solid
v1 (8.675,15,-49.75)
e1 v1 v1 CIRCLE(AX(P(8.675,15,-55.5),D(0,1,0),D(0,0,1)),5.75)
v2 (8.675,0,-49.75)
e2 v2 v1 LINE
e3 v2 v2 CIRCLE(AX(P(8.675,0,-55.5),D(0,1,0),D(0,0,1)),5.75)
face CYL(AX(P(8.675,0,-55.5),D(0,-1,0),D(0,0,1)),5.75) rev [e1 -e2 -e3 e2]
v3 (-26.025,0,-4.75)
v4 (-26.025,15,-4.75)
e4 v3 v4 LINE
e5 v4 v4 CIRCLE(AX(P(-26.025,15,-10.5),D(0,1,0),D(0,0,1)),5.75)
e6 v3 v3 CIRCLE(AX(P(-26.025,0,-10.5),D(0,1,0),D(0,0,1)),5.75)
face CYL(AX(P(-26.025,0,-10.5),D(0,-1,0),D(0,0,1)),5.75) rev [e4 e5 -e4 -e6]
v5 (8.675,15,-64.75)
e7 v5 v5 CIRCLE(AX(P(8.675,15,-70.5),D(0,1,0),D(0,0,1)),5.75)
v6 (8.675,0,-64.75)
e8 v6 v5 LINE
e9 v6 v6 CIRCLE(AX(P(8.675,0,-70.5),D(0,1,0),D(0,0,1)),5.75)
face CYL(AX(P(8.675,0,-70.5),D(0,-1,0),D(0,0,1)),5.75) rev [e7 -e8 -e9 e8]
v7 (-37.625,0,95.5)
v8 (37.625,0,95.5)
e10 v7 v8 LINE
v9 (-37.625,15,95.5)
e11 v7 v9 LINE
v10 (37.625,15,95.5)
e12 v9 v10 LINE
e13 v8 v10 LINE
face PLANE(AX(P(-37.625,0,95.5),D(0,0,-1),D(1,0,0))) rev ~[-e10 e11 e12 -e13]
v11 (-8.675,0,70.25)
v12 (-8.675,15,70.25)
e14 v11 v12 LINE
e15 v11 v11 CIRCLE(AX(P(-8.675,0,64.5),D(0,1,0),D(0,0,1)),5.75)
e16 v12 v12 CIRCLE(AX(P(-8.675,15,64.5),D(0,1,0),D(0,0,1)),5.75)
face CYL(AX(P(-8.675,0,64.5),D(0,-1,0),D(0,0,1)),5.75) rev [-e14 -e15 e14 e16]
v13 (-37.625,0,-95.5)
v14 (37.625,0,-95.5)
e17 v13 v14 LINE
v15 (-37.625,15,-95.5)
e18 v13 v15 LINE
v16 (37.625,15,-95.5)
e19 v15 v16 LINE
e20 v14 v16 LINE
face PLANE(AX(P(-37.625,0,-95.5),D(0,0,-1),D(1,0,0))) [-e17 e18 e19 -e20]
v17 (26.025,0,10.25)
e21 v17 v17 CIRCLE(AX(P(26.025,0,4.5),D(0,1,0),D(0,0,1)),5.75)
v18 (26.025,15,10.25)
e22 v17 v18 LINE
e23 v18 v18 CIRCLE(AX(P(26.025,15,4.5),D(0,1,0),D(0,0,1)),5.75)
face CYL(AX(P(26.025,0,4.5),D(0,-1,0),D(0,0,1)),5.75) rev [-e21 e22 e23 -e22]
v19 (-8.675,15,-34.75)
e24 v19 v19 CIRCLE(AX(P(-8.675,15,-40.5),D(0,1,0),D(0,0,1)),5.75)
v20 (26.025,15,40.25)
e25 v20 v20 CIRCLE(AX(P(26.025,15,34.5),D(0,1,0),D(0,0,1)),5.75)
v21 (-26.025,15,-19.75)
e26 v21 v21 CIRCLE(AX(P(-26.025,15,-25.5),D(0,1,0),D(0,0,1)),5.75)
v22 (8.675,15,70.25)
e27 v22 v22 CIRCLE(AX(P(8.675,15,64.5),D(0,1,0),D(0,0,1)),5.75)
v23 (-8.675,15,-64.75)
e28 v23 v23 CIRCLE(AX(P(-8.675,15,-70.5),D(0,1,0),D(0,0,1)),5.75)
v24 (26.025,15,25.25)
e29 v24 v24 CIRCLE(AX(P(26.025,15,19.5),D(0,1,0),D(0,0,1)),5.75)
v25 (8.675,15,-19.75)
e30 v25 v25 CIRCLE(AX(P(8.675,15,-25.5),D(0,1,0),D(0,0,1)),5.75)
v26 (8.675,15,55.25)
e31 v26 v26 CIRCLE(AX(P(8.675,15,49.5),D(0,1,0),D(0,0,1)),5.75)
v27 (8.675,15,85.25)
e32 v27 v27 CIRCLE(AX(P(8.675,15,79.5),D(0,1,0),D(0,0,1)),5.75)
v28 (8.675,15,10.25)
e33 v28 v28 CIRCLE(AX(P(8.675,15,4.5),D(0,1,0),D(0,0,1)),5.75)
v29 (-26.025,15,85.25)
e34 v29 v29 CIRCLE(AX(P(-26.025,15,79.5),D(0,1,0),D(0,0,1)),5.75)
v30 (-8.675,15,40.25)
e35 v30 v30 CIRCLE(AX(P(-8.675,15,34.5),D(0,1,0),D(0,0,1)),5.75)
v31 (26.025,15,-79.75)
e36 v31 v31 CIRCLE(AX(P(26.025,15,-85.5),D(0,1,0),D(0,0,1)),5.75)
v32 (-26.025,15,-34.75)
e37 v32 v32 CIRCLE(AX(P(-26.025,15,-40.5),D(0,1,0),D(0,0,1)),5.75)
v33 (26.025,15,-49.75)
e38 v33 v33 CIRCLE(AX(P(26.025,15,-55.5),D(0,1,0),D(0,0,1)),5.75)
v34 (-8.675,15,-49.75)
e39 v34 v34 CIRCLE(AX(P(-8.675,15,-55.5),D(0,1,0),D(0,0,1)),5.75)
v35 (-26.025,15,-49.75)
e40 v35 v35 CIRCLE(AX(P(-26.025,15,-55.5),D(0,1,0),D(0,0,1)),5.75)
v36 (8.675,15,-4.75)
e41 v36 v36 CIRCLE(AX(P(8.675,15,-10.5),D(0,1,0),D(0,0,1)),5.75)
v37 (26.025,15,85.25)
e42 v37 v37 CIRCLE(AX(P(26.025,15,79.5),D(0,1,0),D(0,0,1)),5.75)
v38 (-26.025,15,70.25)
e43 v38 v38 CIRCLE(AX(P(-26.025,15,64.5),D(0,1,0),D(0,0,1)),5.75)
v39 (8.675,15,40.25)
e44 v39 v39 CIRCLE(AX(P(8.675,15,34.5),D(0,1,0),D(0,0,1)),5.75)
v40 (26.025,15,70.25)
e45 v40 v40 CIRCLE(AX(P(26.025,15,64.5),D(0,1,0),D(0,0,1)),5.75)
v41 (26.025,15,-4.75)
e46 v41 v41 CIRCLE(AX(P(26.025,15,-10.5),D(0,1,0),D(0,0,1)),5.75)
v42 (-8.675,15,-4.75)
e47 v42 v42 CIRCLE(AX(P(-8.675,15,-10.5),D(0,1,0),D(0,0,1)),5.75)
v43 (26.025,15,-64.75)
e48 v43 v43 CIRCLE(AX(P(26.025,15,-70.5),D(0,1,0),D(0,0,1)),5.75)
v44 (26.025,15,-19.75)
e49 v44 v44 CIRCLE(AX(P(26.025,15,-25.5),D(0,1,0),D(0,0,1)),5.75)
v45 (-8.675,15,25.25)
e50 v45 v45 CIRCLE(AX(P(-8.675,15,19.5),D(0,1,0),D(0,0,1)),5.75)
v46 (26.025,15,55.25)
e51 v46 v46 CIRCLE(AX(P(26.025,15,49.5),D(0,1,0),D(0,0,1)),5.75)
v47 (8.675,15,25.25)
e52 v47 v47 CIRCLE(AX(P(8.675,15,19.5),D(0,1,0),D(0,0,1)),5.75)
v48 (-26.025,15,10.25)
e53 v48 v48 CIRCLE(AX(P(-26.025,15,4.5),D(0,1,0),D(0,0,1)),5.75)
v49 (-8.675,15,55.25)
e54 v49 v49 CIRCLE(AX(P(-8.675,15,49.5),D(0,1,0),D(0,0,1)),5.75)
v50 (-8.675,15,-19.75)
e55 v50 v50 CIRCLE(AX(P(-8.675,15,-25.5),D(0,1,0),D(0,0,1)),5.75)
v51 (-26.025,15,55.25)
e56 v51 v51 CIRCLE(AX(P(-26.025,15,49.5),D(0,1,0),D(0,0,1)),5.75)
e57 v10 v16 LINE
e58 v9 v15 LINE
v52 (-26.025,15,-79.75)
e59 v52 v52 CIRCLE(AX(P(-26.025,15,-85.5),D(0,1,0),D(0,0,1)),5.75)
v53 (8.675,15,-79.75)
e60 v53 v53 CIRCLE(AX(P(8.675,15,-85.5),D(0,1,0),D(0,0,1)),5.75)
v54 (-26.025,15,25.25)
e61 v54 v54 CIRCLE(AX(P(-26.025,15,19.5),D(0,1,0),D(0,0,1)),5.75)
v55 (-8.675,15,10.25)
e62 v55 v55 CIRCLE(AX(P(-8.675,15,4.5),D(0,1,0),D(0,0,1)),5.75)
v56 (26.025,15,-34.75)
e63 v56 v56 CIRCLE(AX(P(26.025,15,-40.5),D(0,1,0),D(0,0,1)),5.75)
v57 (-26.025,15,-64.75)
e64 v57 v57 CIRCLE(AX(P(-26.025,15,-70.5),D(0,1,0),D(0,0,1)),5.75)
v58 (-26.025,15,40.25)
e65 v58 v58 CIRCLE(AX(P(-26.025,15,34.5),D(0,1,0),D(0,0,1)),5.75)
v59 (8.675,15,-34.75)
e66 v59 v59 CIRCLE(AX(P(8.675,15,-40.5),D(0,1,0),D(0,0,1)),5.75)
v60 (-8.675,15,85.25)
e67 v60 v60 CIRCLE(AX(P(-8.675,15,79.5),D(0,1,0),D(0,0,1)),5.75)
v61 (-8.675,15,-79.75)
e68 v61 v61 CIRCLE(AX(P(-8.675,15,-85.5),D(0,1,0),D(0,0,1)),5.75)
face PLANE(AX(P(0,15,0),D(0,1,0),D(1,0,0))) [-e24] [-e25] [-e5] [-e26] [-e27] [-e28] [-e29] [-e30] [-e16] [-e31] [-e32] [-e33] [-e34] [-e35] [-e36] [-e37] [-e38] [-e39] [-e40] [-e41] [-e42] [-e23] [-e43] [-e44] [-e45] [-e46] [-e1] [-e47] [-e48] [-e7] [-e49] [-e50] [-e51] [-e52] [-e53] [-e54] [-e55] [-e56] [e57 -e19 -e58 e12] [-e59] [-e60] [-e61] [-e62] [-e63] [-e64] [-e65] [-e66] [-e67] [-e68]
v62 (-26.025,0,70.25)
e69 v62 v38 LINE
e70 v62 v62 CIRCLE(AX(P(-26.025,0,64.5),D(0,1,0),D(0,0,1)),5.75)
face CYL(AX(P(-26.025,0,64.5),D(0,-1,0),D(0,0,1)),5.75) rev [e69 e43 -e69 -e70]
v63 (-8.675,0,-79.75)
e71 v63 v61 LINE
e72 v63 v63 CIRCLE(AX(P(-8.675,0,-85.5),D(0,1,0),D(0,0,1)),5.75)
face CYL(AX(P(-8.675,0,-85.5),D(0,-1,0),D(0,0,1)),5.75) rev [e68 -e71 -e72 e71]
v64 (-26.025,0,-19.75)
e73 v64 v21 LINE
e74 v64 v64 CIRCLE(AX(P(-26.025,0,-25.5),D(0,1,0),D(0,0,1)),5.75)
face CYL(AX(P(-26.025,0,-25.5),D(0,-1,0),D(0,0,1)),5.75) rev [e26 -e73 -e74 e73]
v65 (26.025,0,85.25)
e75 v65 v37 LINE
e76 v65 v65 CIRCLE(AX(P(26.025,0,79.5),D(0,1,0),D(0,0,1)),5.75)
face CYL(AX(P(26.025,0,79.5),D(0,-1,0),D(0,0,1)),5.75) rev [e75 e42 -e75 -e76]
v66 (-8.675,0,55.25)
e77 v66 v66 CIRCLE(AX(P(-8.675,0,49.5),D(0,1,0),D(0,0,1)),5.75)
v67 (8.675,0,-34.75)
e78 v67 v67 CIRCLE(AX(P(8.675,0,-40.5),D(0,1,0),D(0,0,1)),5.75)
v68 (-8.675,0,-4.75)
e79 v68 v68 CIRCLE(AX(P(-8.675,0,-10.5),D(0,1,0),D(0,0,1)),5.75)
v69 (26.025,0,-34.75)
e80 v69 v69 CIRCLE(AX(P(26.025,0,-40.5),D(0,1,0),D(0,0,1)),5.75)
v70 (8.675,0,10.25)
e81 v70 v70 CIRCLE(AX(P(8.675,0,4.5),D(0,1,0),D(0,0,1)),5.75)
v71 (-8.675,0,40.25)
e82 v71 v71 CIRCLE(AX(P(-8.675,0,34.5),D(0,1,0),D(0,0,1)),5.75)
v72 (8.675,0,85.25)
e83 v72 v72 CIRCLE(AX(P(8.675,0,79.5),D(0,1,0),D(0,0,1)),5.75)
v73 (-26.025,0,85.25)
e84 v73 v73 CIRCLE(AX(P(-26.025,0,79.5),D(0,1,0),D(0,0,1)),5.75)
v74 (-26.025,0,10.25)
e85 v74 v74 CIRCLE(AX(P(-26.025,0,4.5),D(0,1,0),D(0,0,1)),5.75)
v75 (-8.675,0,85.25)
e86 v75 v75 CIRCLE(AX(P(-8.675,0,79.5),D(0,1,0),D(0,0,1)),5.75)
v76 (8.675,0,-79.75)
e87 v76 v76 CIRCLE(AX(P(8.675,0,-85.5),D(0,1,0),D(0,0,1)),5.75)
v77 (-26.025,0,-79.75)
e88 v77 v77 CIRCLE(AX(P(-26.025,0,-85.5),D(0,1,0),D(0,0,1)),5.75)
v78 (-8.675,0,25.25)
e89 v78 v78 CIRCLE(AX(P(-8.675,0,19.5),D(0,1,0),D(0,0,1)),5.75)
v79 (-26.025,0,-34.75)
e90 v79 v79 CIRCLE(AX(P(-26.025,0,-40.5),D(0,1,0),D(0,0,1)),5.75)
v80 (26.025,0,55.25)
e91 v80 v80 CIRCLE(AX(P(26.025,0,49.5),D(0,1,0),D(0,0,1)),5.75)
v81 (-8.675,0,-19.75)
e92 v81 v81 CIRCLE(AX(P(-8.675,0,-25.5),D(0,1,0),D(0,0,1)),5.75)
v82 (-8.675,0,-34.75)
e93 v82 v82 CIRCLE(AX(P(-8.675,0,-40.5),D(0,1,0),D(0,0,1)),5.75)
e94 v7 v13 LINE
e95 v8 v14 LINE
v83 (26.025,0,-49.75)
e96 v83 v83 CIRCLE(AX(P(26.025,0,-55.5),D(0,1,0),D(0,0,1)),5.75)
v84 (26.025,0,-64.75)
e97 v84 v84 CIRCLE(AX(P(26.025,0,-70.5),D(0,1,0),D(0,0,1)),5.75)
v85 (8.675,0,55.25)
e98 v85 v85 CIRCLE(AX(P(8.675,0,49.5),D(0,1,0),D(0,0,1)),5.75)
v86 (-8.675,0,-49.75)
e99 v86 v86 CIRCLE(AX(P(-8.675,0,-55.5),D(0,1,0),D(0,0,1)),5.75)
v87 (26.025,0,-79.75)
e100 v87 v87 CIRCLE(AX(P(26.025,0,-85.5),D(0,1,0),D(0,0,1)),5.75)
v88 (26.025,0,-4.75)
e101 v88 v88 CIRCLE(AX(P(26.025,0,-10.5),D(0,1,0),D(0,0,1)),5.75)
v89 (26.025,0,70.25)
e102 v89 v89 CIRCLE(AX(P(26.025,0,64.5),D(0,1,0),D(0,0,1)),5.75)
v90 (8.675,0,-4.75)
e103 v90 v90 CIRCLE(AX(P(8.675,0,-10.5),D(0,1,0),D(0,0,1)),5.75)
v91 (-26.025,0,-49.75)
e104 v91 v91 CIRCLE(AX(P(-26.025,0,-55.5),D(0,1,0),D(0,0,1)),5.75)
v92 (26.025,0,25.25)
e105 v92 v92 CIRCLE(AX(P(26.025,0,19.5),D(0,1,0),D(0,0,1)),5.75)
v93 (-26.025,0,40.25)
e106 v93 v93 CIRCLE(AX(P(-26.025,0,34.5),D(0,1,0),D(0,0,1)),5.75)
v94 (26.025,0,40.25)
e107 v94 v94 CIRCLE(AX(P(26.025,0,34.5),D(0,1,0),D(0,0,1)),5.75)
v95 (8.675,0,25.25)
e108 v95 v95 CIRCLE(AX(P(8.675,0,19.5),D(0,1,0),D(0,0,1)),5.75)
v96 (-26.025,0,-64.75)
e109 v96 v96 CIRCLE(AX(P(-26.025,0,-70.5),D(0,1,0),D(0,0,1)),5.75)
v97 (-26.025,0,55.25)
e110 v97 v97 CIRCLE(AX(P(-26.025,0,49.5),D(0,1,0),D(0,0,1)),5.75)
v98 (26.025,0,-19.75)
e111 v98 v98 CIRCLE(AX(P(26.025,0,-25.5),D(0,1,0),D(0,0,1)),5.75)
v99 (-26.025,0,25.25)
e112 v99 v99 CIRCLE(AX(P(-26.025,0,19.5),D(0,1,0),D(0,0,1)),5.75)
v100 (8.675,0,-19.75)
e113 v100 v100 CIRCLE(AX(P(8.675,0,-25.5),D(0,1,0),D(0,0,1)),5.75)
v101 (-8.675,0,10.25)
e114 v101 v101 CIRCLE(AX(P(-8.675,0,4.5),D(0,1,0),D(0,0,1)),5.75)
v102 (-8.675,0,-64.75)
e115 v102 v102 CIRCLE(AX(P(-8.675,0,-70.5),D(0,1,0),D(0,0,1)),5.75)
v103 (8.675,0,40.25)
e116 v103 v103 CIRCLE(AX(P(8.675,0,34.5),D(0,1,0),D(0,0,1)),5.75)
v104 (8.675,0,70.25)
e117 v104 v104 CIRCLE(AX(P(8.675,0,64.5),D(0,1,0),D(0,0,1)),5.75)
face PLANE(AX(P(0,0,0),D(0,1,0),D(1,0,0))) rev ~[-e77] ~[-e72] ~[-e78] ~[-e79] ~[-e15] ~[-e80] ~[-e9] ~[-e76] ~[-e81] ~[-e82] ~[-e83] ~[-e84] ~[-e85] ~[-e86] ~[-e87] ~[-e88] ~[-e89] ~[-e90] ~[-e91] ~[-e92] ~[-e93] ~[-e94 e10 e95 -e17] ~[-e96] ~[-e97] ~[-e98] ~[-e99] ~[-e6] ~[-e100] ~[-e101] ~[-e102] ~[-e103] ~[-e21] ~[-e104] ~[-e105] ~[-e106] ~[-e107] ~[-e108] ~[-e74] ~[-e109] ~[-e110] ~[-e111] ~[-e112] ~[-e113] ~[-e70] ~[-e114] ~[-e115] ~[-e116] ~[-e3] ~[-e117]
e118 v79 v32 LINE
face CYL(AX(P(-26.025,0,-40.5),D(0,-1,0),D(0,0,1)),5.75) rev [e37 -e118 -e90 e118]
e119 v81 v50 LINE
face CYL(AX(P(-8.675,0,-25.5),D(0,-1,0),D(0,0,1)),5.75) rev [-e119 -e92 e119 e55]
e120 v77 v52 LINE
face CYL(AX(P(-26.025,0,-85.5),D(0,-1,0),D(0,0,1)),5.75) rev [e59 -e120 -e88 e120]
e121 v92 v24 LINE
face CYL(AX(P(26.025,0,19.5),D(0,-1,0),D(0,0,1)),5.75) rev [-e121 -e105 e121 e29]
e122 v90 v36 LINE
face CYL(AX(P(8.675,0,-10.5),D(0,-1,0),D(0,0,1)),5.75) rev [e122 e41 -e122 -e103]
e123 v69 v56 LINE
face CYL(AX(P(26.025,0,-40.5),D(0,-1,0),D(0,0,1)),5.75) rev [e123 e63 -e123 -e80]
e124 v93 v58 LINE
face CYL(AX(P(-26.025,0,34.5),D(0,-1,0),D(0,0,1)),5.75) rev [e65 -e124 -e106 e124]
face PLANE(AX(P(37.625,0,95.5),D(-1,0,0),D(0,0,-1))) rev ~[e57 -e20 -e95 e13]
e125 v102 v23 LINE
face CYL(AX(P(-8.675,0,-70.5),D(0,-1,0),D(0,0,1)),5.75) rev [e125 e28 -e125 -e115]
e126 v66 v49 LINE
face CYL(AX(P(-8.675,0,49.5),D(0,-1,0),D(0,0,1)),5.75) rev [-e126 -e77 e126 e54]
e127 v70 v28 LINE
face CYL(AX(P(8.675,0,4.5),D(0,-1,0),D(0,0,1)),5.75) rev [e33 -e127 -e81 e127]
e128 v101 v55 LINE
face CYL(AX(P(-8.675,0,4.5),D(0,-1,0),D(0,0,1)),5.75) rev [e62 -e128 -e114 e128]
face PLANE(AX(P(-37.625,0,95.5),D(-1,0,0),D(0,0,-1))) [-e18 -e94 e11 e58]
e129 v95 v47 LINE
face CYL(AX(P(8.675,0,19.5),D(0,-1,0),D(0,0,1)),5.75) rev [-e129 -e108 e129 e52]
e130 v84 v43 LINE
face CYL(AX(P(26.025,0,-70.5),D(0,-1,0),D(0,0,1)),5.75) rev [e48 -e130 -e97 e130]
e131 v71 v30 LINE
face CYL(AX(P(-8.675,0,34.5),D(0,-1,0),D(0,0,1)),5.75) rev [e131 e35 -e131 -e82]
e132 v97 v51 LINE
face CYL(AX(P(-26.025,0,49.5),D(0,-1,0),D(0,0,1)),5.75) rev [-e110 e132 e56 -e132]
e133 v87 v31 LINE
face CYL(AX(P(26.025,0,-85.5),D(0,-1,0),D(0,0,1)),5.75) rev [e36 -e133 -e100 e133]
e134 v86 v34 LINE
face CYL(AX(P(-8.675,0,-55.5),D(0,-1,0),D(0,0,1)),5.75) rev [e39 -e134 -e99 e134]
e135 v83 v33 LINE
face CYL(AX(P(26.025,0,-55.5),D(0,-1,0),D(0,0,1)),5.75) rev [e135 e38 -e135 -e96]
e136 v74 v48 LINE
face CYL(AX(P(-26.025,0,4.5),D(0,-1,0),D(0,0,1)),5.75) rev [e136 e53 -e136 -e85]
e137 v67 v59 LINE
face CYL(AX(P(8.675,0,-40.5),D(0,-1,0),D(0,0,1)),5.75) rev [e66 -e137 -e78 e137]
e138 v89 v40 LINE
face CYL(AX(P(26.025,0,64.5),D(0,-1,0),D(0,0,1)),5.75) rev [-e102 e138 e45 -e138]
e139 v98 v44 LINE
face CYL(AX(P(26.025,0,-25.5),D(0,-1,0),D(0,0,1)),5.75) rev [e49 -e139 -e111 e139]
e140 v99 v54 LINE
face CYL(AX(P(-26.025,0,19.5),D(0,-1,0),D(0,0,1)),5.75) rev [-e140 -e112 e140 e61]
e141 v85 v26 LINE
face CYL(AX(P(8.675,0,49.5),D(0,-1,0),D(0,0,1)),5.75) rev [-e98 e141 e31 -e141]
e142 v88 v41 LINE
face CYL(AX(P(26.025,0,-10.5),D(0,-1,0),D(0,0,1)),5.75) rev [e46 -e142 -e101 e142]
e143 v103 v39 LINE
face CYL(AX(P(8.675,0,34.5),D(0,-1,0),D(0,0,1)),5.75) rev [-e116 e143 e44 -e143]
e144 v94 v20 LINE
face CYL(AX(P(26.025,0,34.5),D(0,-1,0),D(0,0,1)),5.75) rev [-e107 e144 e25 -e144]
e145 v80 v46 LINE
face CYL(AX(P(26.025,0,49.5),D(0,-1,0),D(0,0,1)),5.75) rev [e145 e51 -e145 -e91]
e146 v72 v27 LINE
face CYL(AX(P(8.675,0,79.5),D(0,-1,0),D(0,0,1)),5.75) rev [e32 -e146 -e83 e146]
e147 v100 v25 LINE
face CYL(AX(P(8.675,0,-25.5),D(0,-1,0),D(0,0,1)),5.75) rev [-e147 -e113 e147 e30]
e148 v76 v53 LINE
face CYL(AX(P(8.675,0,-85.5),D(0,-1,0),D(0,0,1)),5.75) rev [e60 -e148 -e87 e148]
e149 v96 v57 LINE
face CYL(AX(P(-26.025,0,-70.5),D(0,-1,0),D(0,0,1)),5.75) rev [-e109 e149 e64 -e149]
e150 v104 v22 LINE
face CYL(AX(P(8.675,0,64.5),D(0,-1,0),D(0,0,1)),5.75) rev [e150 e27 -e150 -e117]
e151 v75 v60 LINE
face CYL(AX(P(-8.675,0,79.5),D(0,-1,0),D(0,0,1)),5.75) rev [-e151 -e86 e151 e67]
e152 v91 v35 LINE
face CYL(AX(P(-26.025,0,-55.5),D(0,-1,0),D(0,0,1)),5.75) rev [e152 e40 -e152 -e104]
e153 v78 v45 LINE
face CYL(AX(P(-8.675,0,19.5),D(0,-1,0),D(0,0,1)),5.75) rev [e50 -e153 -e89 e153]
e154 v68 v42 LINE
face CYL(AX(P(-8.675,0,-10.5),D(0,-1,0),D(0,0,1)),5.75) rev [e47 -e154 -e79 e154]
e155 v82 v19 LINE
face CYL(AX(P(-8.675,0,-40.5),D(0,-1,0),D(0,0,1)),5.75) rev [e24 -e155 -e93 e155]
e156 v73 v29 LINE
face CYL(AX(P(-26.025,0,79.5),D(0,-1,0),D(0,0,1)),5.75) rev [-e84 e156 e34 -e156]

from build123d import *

# Parameters (mm, degrees)
SKETCH1_W           = 75.25
SKETCH1_H           = 191
SKETCH1_R           = 5.75
BOSS_EXTRUDE1_DEPTH = 15


with BuildPart() as part:
    # Sketch1 → Boss-Extrude1 (new body)
    with BuildSketch(Plane(origin=(0, 0, 0), x_dir=(1, 0, 0), z_dir=(0, 1, 0))):
        Rectangle(SKETCH1_W, SKETCH1_H)
        with Locations(Location((-26.025, 85.5, 0), (0, 0, 270))):
            Circle(SKETCH1_R, mode=Mode.SUBTRACT)
        with Locations(Location((-8.675, 85.5, 0), (0, 0, 270))):
            Circle(SKETCH1_R, mode=Mode.SUBTRACT)
        with Locations(Location((8.675, 85.5, 0), (0, 0, 270))):
            Circle(SKETCH1_R, mode=Mode.SUBTRACT)
        with Locations(Location((26.025, 85.5, 0), (0, 0, 270))):
            Circle(SKETCH1_R, mode=Mode.SUBTRACT)
        with Locations(Location((-26.025, 70.5, 0), (0, 0, 270))):
            Circle(SKETCH1_R, mode=Mode.SUBTRACT)
        with Locations(Location((-8.675, 70.5, 0), (0, 0, 270))):
            Circle(SKETCH1_R, mode=Mode.SUBTRACT)
        with Locations(Location((8.675, 70.5, 0), (0, 0, 270))):
            Circle(SKETCH1_R, mode=Mode.SUBTRACT)
        with Locations(Location((26.025, 70.5, 0), (0, 0, 270))):
            Circle(SKETCH1_R, mode=Mode.SUBTRACT)
        with Locations(Location((-26.025, 55.5, 0), (0, 0, 270))):
            Circle(SKETCH1_R, mode=Mode.SUBTRACT)
        with Locations(Location((-8.675, 55.5, 0), (0, 0, 270))):
            Circle(SKETCH1_R, mode=Mode.SUBTRACT)
        with Locations(Location((8.675, 55.5, 0), (0, 0, 270))):
            Circle(SKETCH1_R, mode=Mode.SUBTRACT)
        with Locations(Location((26.025, 55.5, 0), (0, 0, 270))):
            Circle(SKETCH1_R, mode=Mode.SUBTRACT)
        with Locations(Location((-26.025, 40.5, 0), (0, 0, 270))):
            Circle(SKETCH1_R, mode=Mode.SUBTRACT)
        with Locations(Location((-8.675, 40.5, 0), (0, 0, 270))):
            Circle(SKETCH1_R, mode=Mode.SUBTRACT)
        with Locations(Location((8.675, 40.5, 0), (0, 0, 270))):
            Circle(SKETCH1_R, mode=Mode.SUBTRACT)
        with Locations(Location((26.025, 40.5, 0), (0, 0, 270))):
            Circle(SKETCH1_R, mode=Mode.SUBTRACT)
        with Locations(Location((-26.025, 25.5, 0), (0, 0, 270))):
            Circle(SKETCH1_R, mode=Mode.SUBTRACT)
        with Locations(Location((-8.675, 25.5, 0), (0, 0, 270))):
            Circle(SKETCH1_R, mode=Mode.SUBTRACT)
        with Locations(Location((8.675, 25.5, 0), (0, 0, 270))):
            Circle(SKETCH1_R, mode=Mode.SUBTRACT)
        with Locations(Location((26.025, 25.5, 0), (0, 0, 270))):
            Circle(SKETCH1_R, mode=Mode.SUBTRACT)
        with Locations(Location((-26.025, 10.5, 0), (0, 0, 270))):
            Circle(SKETCH1_R, mode=Mode.SUBTRACT)
        with Locations(Location((-8.675, 10.5, 0), (0, 0, 270))):
            Circle(SKETCH1_R, mode=Mode.SUBTRACT)
        with Locations(Location((8.675, 10.5, 0), (0, 0, 270))):
            Circle(SKETCH1_R, mode=Mode.SUBTRACT)
        with Locations(Location((26.025, 10.5, 0), (0, 0, 270))):
            Circle(SKETCH1_R, mode=Mode.SUBTRACT)
        with Locations(Location((-26.025, -4.5, 0), (0, 0, 270))):
            Circle(SKETCH1_R, mode=Mode.SUBTRACT)
        with Locations(Location((-8.675, -4.5, 0), (0, 0, 270))):
            Circle(SKETCH1_R, mode=Mode.SUBTRACT)
        with Locations(Location((8.675, -4.5, 0), (0, 0, 270))):
            Circle(SKETCH1_R, mode=Mode.SUBTRACT)
        with Locations(Location((26.025, -4.5, 0), (0, 0, 270))):
            Circle(SKETCH1_R, mode=Mode.SUBTRACT)
        with Locations(Location((-26.025, -19.5, 0), (0, 0, 270))):
            Circle(SKETCH1_R, mode=Mode.SUBTRACT)
        with Locations(Location((-8.675, -19.5, 0), (0, 0, 270))):
            Circle(SKETCH1_R, mode=Mode.SUBTRACT)
        with Locations(Location((8.675, -19.5, 0), (0, 0, 270))):
            Circle(SKETCH1_R, mode=Mode.SUBTRACT)
        with Locations(Location((26.025, -19.5, 0), (0, 0, 270))):
            Circle(SKETCH1_R, mode=Mode.SUBTRACT)
        with Locations(Location((-26.025, -34.5, 0), (0, 0, 270))):
            Circle(SKETCH1_R, mode=Mode.SUBTRACT)
        with Locations(Location((-8.675, -34.5, 0), (0, 0, 270))):
            Circle(SKETCH1_R, mode=Mode.SUBTRACT)
        with Locations(Location((8.675, -34.5, 0), (0, 0, 270))):
            Circle(SKETCH1_R, mode=Mode.SUBTRACT)
        with Locations(Location((26.025, -34.5, 0), (0, 0, 270))):
            Circle(SKETCH1_R, mode=Mode.SUBTRACT)
        with Locations(Location((-26.025, -49.5, 0), (0, 0, 270))):
            Circle(SKETCH1_R, mode=Mode.SUBTRACT)
        with Locations(Location((-8.675, -49.5, 0), (0, 0, 270))):
            Circle(SKETCH1_R, mode=Mode.SUBTRACT)
        with Locations(Location((8.675, -49.5, 0), (0, 0, 270))):
            Circle(SKETCH1_R, mode=Mode.SUBTRACT)
        with Locations(Location((26.025, -49.5, 0), (0, 0, 270))):
            Circle(SKETCH1_R, mode=Mode.SUBTRACT)
        with Locations(Location((-26.025, -64.5, 0), (0, 0, 270))):
            Circle(SKETCH1_R, mode=Mode.SUBTRACT)
        with Locations(Location((-8.675, -64.5, 0), (0, 0, 270))):
            Circle(SKETCH1_R, mode=Mode.SUBTRACT)
        with Locations(Location((8.675, -64.5, 0), (0, 0, 270))):
            Circle(SKETCH1_R, mode=Mode.SUBTRACT)
        with Locations(Location((26.025, -64.5, 0), (0, 0, 270))):
            Circle(SKETCH1_R, mode=Mode.SUBTRACT)
        with Locations(Location((-26.025, -79.5, 0), (0, 0, 270))):
            Circle(SKETCH1_R, mode=Mode.SUBTRACT)
        with Locations(Location((-8.675, -79.5, 0), (0, 0, 270))):
            Circle(SKETCH1_R, mode=Mode.SUBTRACT)
        with Locations(Location((8.675, -79.5, 0), (0, 0, 270))):
            Circle(SKETCH1_R, mode=Mode.SUBTRACT)
        with Locations(Location((26.025, -79.5, 0), (0, 0, 270))):
            Circle(SKETCH1_R, mode=Mode.SUBTRACT)
    extrude(amount=BOSS_EXTRUDE1_DEPTH)


solid = part.part
